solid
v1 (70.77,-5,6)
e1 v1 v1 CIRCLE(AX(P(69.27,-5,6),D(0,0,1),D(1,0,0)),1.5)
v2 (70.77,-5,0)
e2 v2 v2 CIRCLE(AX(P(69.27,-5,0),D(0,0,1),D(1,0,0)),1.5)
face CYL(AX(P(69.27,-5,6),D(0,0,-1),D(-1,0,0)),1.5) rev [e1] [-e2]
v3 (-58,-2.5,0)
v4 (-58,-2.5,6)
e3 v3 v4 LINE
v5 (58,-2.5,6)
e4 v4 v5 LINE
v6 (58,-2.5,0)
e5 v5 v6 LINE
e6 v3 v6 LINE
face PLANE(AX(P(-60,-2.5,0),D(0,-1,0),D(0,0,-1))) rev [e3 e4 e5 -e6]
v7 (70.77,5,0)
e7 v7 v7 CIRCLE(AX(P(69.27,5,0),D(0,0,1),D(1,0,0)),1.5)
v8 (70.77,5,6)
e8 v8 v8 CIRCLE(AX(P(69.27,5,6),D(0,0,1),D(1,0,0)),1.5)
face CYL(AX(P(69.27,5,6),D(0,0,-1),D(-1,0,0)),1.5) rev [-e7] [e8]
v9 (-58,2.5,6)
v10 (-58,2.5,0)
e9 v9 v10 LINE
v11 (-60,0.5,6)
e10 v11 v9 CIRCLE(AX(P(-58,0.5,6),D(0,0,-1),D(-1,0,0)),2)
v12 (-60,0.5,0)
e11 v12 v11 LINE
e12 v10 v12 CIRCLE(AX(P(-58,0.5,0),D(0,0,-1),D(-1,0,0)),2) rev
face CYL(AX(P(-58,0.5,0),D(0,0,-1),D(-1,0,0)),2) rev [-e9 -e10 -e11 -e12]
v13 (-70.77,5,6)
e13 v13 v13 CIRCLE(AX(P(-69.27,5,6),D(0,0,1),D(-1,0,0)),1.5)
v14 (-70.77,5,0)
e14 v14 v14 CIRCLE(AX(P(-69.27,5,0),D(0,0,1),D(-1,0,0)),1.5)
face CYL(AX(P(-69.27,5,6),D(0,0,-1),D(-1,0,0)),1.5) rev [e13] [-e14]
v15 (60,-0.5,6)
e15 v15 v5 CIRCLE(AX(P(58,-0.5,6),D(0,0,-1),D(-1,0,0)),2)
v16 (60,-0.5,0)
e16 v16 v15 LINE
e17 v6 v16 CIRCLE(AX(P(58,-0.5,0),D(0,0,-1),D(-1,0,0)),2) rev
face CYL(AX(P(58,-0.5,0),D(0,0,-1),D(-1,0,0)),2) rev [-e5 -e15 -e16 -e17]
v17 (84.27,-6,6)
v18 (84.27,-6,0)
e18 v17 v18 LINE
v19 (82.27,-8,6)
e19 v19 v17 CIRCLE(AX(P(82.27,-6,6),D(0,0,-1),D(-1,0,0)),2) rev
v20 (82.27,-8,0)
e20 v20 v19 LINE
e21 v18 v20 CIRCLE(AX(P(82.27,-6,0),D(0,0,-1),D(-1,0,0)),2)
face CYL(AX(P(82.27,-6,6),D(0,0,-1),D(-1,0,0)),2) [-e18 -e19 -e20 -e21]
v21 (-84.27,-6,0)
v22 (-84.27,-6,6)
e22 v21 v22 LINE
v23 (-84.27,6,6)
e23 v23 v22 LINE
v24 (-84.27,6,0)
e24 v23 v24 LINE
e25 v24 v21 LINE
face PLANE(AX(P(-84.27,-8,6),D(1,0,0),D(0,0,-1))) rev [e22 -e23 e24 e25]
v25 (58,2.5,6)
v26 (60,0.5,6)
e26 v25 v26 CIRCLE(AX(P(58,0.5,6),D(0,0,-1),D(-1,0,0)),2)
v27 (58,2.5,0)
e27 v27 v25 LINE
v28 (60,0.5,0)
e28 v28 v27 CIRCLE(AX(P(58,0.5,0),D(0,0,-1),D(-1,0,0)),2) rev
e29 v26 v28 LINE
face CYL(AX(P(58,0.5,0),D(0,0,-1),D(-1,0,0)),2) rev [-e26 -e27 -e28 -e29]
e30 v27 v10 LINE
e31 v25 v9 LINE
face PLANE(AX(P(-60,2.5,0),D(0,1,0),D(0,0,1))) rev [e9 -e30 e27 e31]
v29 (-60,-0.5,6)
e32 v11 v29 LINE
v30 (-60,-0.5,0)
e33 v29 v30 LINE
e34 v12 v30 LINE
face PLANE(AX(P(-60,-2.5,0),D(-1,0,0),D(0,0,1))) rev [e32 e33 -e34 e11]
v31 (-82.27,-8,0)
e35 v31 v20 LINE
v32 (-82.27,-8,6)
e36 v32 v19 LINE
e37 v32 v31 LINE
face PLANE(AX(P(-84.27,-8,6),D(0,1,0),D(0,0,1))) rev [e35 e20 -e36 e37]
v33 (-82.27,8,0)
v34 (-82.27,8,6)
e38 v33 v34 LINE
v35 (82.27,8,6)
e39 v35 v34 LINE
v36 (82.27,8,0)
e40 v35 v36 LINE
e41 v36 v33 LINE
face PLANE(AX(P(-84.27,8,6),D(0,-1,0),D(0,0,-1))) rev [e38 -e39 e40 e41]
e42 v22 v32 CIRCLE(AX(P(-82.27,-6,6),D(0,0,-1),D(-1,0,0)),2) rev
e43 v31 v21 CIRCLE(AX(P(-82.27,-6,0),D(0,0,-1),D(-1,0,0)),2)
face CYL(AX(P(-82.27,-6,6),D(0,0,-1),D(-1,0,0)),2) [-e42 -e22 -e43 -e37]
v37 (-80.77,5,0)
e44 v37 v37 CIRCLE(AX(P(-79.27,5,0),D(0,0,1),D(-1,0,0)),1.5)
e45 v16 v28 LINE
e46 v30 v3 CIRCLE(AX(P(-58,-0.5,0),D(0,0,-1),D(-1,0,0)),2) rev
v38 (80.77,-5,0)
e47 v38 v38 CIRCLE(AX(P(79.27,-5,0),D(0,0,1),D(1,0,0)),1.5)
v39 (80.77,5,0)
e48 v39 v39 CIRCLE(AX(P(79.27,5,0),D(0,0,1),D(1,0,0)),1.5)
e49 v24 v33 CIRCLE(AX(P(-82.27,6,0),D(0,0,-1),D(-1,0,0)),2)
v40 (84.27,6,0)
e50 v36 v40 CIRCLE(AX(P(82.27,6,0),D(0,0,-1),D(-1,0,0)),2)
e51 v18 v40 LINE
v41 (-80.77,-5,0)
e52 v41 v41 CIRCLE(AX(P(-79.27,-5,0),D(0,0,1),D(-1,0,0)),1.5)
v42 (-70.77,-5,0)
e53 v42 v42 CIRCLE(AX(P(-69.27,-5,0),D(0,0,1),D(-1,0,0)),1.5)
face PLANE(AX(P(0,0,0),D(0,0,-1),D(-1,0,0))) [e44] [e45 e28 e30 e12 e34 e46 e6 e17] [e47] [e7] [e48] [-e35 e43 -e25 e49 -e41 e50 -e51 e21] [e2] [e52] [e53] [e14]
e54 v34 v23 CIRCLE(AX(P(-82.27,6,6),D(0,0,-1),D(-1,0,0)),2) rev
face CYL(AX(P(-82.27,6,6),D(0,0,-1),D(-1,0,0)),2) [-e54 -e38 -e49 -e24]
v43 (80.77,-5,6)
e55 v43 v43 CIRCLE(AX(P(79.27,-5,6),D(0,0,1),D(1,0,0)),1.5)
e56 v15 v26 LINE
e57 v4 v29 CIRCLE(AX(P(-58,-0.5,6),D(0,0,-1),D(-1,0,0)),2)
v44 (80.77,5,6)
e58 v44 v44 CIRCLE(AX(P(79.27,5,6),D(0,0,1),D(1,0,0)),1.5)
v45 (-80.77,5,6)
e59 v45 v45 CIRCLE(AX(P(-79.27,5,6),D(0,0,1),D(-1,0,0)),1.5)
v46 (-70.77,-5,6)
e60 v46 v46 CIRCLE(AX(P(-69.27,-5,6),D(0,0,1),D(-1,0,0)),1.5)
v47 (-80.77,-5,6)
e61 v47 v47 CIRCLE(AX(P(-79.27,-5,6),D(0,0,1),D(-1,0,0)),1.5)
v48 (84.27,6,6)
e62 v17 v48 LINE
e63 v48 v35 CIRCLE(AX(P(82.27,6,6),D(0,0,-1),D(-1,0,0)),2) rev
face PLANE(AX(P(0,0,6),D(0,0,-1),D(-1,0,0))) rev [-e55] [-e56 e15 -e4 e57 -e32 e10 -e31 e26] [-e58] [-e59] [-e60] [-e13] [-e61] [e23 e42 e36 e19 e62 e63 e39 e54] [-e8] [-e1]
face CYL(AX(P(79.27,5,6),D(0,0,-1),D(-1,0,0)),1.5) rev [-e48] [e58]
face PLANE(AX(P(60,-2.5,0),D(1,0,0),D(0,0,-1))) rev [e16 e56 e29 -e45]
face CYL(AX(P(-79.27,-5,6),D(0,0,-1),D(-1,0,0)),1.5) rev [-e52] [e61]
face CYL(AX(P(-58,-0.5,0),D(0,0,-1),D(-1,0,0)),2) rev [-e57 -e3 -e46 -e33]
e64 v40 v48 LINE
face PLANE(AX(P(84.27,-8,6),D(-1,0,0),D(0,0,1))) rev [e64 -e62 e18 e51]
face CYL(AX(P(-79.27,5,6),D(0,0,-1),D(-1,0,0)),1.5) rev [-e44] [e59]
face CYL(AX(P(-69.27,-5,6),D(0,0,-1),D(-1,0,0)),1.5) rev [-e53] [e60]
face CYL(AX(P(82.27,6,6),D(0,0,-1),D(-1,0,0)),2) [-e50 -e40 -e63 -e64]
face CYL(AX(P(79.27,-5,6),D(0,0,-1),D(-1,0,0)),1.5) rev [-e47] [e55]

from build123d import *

# Parameters (mm, degrees)
SKETCH_1_W          = 168.54
SKETCH_1_H          = 16
SKETCH_1_R          = 1.5
EXTRUDE_1_DEPTH     = 6
FILLET_1_R          = 2
SKETCH_2_W          = 120
SKETCH_2_H          = 5
CUT_EXTRUDE_1_DEPTH = 6
FILLET_2_R          = 2


with BuildPart() as part:
    # 草图1 → 凸台-拉伸1 (new body)
    with BuildSketch(Plane.XY):
        Rectangle(SKETCH_1_W, SKETCH_1_H)
        with Locations((79.27, 5)):
            Circle(SKETCH_1_R, mode=Mode.SUBTRACT)
        with Locations((69.27, 5)):
            Circle(SKETCH_1_R, mode=Mode.SUBTRACT)
        with Locations((69.27, -5)):
            Circle(SKETCH_1_R, mode=Mode.SUBTRACT)
        with Locations((79.27, -5)):
            Circle(SKETCH_1_R, mode=Mode.SUBTRACT)
        with Locations(Location((-79.27, -5, 0), (0, 0, 180))):
            Circle(SKETCH_1_R, mode=Mode.SUBTRACT)
        with Locations(Location((-69.27, -5, 0), (0, 0, 180))):
            Circle(SKETCH_1_R, mode=Mode.SUBTRACT)
        with Locations(Location((-69.27, 5, 0), (0, 0, 180))):
            Circle(SKETCH_1_R, mode=Mode.SUBTRACT)
        with Locations(Location((-79.27, 5, 0), (0, 0, 180))):
            Circle(SKETCH_1_R, mode=Mode.SUBTRACT)
    extrude(amount=EXTRUDE_1_DEPTH)

    # 圆角1
    fillet_1_edges = [part.edges().sort_by_distance(p)[0] for p in [
        (84.27, -8, 3),
        (-84.27, -8, 3),
        (-84.27, 8, 3),
        (84.27, 8, 3),
    ]]
    fillet(fillet_1_edges, radius=FILLET_1_R)

    # 草图2 → 切除-拉伸1 (cut)
    with BuildSketch(Plane.XY.offset(6)):
        Rectangle(SKETCH_2_W, SKETCH_2_H)
    extrude(amount=-CUT_EXTRUDE_1_DEPTH, mode=Mode.SUBTRACT)

    # 圆角2
    fillet_2_edges = [part.edges().sort_by_distance(p)[0] for p in [
        (60, 2.5, 3),
        (60, -2.5, 3),
        (-60, -2.5, 3),
        (-60, 2.5, 3),
    ]]
    fillet(fillet_2_edges, radius=FILLET_2_R)


solid = part.part
